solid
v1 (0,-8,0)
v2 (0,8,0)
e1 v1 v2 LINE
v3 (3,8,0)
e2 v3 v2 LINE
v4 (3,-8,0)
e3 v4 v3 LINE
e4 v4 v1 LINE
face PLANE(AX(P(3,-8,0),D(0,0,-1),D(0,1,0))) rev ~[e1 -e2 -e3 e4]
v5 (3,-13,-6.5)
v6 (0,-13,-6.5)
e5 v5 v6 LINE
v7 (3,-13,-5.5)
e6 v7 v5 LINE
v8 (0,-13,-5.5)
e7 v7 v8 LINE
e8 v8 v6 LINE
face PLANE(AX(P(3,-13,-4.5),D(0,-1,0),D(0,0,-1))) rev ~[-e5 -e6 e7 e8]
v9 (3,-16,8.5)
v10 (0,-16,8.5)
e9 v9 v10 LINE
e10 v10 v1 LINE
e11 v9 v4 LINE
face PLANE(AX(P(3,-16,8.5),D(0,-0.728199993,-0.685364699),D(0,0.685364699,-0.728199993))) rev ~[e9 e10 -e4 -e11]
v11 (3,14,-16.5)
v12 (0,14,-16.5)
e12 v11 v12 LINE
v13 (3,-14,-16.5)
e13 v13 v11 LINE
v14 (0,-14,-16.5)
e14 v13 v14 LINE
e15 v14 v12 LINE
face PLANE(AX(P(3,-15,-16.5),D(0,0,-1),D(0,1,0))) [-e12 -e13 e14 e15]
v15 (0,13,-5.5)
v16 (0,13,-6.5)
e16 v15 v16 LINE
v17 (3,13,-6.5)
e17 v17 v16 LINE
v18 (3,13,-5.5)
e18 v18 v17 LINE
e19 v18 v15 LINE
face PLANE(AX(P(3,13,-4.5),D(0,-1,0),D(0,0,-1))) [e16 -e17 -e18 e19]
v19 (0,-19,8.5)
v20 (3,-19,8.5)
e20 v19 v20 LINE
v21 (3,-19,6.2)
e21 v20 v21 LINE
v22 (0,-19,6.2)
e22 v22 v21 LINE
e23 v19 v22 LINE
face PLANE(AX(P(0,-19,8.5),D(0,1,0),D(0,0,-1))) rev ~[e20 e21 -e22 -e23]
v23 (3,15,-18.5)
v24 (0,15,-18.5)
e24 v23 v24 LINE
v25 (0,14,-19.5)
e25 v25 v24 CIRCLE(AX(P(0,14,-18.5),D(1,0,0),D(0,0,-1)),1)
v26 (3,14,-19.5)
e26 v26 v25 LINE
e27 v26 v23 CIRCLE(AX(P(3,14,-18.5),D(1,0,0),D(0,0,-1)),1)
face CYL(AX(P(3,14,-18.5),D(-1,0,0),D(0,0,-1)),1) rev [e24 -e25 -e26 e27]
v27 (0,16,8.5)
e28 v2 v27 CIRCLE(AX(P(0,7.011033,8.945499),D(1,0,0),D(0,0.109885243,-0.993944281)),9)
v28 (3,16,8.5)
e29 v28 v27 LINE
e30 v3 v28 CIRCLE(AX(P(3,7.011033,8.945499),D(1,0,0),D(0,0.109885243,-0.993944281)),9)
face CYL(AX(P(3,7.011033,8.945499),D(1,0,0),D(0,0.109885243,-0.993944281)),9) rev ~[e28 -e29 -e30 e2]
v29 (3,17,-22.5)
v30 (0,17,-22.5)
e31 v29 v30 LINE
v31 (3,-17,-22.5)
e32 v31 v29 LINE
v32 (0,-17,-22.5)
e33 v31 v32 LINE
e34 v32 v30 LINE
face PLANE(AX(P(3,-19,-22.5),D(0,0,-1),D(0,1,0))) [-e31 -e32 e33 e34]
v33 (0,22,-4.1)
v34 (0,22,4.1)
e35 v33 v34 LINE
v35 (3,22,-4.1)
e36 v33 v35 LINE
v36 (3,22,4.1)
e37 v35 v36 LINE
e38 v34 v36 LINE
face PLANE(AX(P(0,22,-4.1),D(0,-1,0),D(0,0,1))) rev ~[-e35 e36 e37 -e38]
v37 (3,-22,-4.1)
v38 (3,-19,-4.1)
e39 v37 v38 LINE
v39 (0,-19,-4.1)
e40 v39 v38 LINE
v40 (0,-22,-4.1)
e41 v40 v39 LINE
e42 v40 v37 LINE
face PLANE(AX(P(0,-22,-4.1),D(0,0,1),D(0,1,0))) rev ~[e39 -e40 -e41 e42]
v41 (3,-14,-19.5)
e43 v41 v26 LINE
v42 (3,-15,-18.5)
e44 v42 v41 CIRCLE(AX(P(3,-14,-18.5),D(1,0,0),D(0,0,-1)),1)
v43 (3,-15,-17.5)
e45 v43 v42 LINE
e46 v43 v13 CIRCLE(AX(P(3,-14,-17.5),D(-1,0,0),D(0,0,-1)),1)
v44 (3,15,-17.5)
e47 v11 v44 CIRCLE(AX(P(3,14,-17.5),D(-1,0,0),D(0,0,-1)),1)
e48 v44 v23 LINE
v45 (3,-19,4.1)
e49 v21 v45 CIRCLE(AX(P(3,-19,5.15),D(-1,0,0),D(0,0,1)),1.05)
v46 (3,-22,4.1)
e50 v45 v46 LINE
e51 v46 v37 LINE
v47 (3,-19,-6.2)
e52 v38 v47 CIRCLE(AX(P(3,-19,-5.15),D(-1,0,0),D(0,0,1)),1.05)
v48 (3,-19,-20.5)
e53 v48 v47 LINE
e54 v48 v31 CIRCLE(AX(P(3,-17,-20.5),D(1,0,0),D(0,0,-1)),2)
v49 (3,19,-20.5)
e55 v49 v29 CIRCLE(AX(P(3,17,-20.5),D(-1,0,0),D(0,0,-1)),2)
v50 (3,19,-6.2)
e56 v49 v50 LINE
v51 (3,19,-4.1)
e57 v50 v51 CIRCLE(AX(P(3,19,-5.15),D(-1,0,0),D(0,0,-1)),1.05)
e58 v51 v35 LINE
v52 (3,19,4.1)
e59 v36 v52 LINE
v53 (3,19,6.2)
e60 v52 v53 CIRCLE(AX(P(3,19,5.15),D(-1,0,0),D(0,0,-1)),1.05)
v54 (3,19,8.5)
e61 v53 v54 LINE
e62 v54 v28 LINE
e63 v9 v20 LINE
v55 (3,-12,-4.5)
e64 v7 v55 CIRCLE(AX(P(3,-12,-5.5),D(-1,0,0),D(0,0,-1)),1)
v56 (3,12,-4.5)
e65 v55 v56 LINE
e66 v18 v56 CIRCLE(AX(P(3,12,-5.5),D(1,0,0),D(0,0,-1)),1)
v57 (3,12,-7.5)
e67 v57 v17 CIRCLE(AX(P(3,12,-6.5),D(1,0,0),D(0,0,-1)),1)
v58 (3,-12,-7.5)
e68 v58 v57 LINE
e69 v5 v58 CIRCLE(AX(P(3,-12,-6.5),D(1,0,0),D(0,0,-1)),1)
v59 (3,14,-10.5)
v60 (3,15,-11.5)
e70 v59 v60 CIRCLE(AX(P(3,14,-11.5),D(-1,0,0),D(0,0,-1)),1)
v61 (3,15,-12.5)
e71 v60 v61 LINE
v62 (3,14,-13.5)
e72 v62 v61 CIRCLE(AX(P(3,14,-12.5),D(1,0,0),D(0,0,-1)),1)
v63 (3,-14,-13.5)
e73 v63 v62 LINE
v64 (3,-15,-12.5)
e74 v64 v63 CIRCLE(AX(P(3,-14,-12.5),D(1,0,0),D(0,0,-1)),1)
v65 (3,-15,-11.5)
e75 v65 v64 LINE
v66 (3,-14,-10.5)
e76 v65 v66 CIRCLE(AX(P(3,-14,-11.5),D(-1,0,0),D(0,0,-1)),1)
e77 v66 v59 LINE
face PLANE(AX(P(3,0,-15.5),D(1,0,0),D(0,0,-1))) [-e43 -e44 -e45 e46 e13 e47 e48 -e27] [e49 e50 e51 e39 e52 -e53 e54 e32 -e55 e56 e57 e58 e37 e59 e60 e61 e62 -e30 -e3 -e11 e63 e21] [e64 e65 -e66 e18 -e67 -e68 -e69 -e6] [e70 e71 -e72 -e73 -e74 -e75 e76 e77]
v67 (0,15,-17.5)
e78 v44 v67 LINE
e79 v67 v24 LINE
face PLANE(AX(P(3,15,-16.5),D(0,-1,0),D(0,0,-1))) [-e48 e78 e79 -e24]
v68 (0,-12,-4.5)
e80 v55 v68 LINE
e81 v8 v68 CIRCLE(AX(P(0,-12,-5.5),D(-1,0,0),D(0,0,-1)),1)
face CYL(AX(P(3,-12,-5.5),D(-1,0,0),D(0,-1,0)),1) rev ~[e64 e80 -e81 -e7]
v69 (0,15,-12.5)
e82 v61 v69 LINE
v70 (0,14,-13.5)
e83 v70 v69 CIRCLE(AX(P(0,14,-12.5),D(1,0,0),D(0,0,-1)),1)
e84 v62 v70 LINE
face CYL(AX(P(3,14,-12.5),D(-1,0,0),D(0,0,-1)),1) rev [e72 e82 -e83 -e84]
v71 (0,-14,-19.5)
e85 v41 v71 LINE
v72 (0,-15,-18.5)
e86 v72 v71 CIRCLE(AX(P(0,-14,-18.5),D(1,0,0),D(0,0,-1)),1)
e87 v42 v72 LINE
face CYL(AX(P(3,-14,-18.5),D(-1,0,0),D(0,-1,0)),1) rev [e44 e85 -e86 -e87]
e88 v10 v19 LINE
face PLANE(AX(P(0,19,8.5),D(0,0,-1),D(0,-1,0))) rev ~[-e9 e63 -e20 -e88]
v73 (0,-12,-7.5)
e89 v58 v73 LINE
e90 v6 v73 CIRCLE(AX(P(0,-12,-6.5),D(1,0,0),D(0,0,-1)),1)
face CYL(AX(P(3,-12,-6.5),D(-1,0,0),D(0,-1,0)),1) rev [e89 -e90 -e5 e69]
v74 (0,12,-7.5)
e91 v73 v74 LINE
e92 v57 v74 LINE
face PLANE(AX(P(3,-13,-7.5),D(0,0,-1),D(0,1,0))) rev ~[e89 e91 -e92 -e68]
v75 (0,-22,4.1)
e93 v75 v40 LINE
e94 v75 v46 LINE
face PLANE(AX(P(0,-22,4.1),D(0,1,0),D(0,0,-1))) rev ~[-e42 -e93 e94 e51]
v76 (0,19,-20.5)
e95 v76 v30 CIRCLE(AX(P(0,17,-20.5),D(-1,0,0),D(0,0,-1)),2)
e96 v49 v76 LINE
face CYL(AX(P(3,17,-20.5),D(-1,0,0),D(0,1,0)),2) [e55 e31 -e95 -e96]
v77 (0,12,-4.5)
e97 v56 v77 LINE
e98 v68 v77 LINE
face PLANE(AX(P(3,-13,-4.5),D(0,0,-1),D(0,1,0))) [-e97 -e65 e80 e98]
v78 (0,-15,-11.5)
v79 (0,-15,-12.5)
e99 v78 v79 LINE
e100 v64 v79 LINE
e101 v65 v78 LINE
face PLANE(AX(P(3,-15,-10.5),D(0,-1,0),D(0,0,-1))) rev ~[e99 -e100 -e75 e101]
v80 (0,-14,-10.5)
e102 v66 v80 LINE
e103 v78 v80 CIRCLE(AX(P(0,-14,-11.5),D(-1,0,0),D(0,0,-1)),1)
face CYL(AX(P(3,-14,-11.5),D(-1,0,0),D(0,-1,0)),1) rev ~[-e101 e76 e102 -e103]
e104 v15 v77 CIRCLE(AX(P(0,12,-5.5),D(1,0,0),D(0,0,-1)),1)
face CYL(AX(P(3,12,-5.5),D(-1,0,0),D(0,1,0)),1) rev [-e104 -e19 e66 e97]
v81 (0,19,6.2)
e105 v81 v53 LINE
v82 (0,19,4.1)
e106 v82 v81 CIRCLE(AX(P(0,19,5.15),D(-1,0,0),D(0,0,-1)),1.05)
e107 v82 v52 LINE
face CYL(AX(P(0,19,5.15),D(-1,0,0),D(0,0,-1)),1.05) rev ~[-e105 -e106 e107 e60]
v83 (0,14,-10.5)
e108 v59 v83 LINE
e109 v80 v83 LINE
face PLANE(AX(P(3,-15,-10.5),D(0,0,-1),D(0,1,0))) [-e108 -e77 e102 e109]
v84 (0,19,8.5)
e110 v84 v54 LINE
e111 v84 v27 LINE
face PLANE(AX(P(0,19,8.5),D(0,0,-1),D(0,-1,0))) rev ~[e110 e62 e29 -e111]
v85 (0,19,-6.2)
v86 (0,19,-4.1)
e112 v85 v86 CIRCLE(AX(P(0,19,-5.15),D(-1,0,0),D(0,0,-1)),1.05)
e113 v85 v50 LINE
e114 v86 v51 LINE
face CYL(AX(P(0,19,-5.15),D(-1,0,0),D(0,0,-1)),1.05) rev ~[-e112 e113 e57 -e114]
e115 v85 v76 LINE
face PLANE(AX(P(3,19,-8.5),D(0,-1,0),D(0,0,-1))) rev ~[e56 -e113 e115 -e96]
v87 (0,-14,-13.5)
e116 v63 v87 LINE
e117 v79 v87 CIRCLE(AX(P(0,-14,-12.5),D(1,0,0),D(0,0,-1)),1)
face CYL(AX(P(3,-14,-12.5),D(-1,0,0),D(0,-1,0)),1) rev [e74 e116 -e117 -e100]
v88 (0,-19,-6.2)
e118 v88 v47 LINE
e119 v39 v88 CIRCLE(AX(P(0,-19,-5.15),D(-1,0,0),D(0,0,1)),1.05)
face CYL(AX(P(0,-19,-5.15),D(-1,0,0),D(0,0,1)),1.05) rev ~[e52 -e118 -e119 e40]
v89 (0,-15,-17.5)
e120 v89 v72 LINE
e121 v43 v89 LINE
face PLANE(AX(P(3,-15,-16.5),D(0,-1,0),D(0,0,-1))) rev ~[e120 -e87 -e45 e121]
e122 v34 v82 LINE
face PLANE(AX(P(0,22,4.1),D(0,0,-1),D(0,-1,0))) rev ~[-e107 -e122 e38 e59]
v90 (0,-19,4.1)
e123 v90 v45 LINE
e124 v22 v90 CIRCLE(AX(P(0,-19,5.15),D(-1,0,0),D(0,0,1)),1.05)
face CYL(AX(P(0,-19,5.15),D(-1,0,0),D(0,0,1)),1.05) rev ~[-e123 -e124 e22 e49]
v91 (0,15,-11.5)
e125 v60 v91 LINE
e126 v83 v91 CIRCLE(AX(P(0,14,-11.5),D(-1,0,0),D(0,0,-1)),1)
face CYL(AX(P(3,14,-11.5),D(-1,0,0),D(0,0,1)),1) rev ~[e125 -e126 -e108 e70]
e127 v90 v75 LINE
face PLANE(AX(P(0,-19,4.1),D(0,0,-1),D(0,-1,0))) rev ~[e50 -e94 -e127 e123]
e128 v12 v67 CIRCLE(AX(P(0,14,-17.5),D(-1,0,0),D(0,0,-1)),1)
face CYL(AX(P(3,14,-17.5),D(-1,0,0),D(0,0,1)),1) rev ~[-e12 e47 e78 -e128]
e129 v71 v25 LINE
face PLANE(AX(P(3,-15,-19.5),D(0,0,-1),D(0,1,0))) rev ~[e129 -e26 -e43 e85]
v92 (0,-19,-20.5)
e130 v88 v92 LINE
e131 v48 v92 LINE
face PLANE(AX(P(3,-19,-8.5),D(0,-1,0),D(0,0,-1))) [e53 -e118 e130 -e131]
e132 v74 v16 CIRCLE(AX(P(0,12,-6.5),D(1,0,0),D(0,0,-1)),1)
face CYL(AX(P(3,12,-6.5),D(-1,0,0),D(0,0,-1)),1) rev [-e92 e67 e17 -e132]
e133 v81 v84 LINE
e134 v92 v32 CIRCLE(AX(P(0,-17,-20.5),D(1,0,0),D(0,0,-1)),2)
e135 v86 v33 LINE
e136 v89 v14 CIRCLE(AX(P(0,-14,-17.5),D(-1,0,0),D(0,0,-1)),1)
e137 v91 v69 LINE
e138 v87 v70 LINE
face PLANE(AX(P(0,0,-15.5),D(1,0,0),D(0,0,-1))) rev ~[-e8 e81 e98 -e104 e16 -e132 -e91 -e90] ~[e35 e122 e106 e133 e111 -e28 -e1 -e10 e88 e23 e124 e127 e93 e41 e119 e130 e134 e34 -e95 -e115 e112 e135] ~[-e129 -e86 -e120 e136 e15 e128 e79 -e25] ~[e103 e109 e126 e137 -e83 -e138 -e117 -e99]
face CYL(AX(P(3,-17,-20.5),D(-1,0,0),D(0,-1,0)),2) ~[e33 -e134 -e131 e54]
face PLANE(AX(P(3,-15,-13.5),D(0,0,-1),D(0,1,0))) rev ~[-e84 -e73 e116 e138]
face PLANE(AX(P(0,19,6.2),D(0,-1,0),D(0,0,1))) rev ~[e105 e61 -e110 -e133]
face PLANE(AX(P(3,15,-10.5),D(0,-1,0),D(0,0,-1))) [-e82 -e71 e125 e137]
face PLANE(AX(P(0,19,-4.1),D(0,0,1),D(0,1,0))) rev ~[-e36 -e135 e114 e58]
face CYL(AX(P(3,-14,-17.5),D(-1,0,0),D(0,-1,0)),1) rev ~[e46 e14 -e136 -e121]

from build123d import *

# Parameters (mm, degrees)
EXTRUDE_1_DEPTH     = 3
SKETCH_4_W          = 14
SKETCH_4_H          = 38
SKETCH_4_W_2        = 3
SKETCH_4_H_2        = 30
EXTRUDE_2_DEPTH     = 3
FILLET_1_R          = 2
SKETCH_5_W          = 3
SKETCH_5_H          = 26
CUT_EXTRUDE_1_DEPTH = 10
FILLET_2_R          = 1


with BuildPart() as part:
    # 草图1 → 凸台-拉伸1 (new body)
    with BuildSketch(Plane(origin=(0, 0, 0), x_dir=(0, 0, -1), z_dir=(1, 0, 0))):
        with BuildLine():
            Line((-4.1, 22), (-4.1, 19))
            ThreePointArc((-4.1, 19), (-5.15, 17.95), (-6.2, 19))
            Line((-6.2, 19), (-8.5, 19))
            Line((-8.5, 19), (-8.5, -19))
            Line((-8.5, -19), (-6.2, -19))
            ThreePointArc((-6.2, -19), (-5.15, -17.95), (-4.1, -19))
            Line((-4.1, -19), (-4.1, -22))
            Line((-4.1, -22), (4.1, -22))
            Line((4.1, -22), (4.1, -19))
            ThreePointArc((4.1, -19), (5.15, -17.95), (6.2, -19))
            Line((6.2, -19), (8.5, -19))
            Line((8.5, -19), (8.5, 19))
            Line((8.5, 19), (6.2, 19))
            ThreePointArc((6.2, 19), (5.15, 17.95), (4.1, 19))
            Line((4.1, 19), (4.1, 22))
            Line((4.1, 22), (-4.1, 22))
        make_face()
    extrude(amount=EXTRUDE_1_DEPTH)

    # 草图4 → 凸台-拉伸2 (add)
    with BuildSketch(Plane(origin=(3, 0, 0), x_dir=(0, 0, -1), z_dir=(1, 0, 0))):
        with Locations((15.5, 0)):
            Rectangle(SKETCH_4_W, SKETCH_4_H)
        with Locations((12, 0)):
            Rectangle(SKETCH_4_W_2, SKETCH_4_H_2, mode=Mode.SUBTRACT)
        with Locations((18, 0)):
            Rectangle(SKETCH_4_W_2, SKETCH_4_H_2, mode=Mode.SUBTRACT)
    extrude(amount=-EXTRUDE_2_DEPTH)

    # 圆角1
    fillet_1_edges = [part.edges().sort_by_distance(p)[0] for p in [
        (1.5, -19, -22.5),
        (1.5, 19, -22.5),
    ]]
    fillet(fillet_1_edges, radius=FILLET_1_R)

    # 草图5 → 切除-拉伸1 (cut)
    with BuildSketch(Plane(origin=(3, 0, 0), x_dir=(0, 0, -1), z_dir=(1, 0, 0))):
        with BuildLine():
            Line((-8.5, -16), (0, -8))
            Line((0, -8), (0, 8))
            ThreePointArc((0, 8), (-2.777216236, 13.564832749), (-8.5, 16))
            Line((-8.5, 16), (-8.5, -16))
        make_face()
        with Locations((6, 0)):
            Rectangle(SKETCH_5_W, SKETCH_5_H)
    extrude(amount=-CUT_EXTRUDE_1_DEPTH, mode=Mode.SUBTRACT)

    # 圆角2
    fillet_2_edges = [part.edges().sort_by_distance(p)[0] for p in [
        (1.5, 13, -4.5),
        (1.5, 13, -7.5),
        (1.5, -13, -7.5),
        (1.5, -13, -4.5),
        (1.5, -15, -16.5),
        (1.5, -15, -19.5),
        (1.5, 15, -19.5),
        (1.5, 15, -16.5),
        (1.5, -15, -10.5),
        (1.5, -15, -13.5),
        (1.5, 15, -13.5),
        (1.5, 15, -10.5),
    ]]
    fillet(fillet_2_edges, radius=FILLET_2_R)


solid = part.part
